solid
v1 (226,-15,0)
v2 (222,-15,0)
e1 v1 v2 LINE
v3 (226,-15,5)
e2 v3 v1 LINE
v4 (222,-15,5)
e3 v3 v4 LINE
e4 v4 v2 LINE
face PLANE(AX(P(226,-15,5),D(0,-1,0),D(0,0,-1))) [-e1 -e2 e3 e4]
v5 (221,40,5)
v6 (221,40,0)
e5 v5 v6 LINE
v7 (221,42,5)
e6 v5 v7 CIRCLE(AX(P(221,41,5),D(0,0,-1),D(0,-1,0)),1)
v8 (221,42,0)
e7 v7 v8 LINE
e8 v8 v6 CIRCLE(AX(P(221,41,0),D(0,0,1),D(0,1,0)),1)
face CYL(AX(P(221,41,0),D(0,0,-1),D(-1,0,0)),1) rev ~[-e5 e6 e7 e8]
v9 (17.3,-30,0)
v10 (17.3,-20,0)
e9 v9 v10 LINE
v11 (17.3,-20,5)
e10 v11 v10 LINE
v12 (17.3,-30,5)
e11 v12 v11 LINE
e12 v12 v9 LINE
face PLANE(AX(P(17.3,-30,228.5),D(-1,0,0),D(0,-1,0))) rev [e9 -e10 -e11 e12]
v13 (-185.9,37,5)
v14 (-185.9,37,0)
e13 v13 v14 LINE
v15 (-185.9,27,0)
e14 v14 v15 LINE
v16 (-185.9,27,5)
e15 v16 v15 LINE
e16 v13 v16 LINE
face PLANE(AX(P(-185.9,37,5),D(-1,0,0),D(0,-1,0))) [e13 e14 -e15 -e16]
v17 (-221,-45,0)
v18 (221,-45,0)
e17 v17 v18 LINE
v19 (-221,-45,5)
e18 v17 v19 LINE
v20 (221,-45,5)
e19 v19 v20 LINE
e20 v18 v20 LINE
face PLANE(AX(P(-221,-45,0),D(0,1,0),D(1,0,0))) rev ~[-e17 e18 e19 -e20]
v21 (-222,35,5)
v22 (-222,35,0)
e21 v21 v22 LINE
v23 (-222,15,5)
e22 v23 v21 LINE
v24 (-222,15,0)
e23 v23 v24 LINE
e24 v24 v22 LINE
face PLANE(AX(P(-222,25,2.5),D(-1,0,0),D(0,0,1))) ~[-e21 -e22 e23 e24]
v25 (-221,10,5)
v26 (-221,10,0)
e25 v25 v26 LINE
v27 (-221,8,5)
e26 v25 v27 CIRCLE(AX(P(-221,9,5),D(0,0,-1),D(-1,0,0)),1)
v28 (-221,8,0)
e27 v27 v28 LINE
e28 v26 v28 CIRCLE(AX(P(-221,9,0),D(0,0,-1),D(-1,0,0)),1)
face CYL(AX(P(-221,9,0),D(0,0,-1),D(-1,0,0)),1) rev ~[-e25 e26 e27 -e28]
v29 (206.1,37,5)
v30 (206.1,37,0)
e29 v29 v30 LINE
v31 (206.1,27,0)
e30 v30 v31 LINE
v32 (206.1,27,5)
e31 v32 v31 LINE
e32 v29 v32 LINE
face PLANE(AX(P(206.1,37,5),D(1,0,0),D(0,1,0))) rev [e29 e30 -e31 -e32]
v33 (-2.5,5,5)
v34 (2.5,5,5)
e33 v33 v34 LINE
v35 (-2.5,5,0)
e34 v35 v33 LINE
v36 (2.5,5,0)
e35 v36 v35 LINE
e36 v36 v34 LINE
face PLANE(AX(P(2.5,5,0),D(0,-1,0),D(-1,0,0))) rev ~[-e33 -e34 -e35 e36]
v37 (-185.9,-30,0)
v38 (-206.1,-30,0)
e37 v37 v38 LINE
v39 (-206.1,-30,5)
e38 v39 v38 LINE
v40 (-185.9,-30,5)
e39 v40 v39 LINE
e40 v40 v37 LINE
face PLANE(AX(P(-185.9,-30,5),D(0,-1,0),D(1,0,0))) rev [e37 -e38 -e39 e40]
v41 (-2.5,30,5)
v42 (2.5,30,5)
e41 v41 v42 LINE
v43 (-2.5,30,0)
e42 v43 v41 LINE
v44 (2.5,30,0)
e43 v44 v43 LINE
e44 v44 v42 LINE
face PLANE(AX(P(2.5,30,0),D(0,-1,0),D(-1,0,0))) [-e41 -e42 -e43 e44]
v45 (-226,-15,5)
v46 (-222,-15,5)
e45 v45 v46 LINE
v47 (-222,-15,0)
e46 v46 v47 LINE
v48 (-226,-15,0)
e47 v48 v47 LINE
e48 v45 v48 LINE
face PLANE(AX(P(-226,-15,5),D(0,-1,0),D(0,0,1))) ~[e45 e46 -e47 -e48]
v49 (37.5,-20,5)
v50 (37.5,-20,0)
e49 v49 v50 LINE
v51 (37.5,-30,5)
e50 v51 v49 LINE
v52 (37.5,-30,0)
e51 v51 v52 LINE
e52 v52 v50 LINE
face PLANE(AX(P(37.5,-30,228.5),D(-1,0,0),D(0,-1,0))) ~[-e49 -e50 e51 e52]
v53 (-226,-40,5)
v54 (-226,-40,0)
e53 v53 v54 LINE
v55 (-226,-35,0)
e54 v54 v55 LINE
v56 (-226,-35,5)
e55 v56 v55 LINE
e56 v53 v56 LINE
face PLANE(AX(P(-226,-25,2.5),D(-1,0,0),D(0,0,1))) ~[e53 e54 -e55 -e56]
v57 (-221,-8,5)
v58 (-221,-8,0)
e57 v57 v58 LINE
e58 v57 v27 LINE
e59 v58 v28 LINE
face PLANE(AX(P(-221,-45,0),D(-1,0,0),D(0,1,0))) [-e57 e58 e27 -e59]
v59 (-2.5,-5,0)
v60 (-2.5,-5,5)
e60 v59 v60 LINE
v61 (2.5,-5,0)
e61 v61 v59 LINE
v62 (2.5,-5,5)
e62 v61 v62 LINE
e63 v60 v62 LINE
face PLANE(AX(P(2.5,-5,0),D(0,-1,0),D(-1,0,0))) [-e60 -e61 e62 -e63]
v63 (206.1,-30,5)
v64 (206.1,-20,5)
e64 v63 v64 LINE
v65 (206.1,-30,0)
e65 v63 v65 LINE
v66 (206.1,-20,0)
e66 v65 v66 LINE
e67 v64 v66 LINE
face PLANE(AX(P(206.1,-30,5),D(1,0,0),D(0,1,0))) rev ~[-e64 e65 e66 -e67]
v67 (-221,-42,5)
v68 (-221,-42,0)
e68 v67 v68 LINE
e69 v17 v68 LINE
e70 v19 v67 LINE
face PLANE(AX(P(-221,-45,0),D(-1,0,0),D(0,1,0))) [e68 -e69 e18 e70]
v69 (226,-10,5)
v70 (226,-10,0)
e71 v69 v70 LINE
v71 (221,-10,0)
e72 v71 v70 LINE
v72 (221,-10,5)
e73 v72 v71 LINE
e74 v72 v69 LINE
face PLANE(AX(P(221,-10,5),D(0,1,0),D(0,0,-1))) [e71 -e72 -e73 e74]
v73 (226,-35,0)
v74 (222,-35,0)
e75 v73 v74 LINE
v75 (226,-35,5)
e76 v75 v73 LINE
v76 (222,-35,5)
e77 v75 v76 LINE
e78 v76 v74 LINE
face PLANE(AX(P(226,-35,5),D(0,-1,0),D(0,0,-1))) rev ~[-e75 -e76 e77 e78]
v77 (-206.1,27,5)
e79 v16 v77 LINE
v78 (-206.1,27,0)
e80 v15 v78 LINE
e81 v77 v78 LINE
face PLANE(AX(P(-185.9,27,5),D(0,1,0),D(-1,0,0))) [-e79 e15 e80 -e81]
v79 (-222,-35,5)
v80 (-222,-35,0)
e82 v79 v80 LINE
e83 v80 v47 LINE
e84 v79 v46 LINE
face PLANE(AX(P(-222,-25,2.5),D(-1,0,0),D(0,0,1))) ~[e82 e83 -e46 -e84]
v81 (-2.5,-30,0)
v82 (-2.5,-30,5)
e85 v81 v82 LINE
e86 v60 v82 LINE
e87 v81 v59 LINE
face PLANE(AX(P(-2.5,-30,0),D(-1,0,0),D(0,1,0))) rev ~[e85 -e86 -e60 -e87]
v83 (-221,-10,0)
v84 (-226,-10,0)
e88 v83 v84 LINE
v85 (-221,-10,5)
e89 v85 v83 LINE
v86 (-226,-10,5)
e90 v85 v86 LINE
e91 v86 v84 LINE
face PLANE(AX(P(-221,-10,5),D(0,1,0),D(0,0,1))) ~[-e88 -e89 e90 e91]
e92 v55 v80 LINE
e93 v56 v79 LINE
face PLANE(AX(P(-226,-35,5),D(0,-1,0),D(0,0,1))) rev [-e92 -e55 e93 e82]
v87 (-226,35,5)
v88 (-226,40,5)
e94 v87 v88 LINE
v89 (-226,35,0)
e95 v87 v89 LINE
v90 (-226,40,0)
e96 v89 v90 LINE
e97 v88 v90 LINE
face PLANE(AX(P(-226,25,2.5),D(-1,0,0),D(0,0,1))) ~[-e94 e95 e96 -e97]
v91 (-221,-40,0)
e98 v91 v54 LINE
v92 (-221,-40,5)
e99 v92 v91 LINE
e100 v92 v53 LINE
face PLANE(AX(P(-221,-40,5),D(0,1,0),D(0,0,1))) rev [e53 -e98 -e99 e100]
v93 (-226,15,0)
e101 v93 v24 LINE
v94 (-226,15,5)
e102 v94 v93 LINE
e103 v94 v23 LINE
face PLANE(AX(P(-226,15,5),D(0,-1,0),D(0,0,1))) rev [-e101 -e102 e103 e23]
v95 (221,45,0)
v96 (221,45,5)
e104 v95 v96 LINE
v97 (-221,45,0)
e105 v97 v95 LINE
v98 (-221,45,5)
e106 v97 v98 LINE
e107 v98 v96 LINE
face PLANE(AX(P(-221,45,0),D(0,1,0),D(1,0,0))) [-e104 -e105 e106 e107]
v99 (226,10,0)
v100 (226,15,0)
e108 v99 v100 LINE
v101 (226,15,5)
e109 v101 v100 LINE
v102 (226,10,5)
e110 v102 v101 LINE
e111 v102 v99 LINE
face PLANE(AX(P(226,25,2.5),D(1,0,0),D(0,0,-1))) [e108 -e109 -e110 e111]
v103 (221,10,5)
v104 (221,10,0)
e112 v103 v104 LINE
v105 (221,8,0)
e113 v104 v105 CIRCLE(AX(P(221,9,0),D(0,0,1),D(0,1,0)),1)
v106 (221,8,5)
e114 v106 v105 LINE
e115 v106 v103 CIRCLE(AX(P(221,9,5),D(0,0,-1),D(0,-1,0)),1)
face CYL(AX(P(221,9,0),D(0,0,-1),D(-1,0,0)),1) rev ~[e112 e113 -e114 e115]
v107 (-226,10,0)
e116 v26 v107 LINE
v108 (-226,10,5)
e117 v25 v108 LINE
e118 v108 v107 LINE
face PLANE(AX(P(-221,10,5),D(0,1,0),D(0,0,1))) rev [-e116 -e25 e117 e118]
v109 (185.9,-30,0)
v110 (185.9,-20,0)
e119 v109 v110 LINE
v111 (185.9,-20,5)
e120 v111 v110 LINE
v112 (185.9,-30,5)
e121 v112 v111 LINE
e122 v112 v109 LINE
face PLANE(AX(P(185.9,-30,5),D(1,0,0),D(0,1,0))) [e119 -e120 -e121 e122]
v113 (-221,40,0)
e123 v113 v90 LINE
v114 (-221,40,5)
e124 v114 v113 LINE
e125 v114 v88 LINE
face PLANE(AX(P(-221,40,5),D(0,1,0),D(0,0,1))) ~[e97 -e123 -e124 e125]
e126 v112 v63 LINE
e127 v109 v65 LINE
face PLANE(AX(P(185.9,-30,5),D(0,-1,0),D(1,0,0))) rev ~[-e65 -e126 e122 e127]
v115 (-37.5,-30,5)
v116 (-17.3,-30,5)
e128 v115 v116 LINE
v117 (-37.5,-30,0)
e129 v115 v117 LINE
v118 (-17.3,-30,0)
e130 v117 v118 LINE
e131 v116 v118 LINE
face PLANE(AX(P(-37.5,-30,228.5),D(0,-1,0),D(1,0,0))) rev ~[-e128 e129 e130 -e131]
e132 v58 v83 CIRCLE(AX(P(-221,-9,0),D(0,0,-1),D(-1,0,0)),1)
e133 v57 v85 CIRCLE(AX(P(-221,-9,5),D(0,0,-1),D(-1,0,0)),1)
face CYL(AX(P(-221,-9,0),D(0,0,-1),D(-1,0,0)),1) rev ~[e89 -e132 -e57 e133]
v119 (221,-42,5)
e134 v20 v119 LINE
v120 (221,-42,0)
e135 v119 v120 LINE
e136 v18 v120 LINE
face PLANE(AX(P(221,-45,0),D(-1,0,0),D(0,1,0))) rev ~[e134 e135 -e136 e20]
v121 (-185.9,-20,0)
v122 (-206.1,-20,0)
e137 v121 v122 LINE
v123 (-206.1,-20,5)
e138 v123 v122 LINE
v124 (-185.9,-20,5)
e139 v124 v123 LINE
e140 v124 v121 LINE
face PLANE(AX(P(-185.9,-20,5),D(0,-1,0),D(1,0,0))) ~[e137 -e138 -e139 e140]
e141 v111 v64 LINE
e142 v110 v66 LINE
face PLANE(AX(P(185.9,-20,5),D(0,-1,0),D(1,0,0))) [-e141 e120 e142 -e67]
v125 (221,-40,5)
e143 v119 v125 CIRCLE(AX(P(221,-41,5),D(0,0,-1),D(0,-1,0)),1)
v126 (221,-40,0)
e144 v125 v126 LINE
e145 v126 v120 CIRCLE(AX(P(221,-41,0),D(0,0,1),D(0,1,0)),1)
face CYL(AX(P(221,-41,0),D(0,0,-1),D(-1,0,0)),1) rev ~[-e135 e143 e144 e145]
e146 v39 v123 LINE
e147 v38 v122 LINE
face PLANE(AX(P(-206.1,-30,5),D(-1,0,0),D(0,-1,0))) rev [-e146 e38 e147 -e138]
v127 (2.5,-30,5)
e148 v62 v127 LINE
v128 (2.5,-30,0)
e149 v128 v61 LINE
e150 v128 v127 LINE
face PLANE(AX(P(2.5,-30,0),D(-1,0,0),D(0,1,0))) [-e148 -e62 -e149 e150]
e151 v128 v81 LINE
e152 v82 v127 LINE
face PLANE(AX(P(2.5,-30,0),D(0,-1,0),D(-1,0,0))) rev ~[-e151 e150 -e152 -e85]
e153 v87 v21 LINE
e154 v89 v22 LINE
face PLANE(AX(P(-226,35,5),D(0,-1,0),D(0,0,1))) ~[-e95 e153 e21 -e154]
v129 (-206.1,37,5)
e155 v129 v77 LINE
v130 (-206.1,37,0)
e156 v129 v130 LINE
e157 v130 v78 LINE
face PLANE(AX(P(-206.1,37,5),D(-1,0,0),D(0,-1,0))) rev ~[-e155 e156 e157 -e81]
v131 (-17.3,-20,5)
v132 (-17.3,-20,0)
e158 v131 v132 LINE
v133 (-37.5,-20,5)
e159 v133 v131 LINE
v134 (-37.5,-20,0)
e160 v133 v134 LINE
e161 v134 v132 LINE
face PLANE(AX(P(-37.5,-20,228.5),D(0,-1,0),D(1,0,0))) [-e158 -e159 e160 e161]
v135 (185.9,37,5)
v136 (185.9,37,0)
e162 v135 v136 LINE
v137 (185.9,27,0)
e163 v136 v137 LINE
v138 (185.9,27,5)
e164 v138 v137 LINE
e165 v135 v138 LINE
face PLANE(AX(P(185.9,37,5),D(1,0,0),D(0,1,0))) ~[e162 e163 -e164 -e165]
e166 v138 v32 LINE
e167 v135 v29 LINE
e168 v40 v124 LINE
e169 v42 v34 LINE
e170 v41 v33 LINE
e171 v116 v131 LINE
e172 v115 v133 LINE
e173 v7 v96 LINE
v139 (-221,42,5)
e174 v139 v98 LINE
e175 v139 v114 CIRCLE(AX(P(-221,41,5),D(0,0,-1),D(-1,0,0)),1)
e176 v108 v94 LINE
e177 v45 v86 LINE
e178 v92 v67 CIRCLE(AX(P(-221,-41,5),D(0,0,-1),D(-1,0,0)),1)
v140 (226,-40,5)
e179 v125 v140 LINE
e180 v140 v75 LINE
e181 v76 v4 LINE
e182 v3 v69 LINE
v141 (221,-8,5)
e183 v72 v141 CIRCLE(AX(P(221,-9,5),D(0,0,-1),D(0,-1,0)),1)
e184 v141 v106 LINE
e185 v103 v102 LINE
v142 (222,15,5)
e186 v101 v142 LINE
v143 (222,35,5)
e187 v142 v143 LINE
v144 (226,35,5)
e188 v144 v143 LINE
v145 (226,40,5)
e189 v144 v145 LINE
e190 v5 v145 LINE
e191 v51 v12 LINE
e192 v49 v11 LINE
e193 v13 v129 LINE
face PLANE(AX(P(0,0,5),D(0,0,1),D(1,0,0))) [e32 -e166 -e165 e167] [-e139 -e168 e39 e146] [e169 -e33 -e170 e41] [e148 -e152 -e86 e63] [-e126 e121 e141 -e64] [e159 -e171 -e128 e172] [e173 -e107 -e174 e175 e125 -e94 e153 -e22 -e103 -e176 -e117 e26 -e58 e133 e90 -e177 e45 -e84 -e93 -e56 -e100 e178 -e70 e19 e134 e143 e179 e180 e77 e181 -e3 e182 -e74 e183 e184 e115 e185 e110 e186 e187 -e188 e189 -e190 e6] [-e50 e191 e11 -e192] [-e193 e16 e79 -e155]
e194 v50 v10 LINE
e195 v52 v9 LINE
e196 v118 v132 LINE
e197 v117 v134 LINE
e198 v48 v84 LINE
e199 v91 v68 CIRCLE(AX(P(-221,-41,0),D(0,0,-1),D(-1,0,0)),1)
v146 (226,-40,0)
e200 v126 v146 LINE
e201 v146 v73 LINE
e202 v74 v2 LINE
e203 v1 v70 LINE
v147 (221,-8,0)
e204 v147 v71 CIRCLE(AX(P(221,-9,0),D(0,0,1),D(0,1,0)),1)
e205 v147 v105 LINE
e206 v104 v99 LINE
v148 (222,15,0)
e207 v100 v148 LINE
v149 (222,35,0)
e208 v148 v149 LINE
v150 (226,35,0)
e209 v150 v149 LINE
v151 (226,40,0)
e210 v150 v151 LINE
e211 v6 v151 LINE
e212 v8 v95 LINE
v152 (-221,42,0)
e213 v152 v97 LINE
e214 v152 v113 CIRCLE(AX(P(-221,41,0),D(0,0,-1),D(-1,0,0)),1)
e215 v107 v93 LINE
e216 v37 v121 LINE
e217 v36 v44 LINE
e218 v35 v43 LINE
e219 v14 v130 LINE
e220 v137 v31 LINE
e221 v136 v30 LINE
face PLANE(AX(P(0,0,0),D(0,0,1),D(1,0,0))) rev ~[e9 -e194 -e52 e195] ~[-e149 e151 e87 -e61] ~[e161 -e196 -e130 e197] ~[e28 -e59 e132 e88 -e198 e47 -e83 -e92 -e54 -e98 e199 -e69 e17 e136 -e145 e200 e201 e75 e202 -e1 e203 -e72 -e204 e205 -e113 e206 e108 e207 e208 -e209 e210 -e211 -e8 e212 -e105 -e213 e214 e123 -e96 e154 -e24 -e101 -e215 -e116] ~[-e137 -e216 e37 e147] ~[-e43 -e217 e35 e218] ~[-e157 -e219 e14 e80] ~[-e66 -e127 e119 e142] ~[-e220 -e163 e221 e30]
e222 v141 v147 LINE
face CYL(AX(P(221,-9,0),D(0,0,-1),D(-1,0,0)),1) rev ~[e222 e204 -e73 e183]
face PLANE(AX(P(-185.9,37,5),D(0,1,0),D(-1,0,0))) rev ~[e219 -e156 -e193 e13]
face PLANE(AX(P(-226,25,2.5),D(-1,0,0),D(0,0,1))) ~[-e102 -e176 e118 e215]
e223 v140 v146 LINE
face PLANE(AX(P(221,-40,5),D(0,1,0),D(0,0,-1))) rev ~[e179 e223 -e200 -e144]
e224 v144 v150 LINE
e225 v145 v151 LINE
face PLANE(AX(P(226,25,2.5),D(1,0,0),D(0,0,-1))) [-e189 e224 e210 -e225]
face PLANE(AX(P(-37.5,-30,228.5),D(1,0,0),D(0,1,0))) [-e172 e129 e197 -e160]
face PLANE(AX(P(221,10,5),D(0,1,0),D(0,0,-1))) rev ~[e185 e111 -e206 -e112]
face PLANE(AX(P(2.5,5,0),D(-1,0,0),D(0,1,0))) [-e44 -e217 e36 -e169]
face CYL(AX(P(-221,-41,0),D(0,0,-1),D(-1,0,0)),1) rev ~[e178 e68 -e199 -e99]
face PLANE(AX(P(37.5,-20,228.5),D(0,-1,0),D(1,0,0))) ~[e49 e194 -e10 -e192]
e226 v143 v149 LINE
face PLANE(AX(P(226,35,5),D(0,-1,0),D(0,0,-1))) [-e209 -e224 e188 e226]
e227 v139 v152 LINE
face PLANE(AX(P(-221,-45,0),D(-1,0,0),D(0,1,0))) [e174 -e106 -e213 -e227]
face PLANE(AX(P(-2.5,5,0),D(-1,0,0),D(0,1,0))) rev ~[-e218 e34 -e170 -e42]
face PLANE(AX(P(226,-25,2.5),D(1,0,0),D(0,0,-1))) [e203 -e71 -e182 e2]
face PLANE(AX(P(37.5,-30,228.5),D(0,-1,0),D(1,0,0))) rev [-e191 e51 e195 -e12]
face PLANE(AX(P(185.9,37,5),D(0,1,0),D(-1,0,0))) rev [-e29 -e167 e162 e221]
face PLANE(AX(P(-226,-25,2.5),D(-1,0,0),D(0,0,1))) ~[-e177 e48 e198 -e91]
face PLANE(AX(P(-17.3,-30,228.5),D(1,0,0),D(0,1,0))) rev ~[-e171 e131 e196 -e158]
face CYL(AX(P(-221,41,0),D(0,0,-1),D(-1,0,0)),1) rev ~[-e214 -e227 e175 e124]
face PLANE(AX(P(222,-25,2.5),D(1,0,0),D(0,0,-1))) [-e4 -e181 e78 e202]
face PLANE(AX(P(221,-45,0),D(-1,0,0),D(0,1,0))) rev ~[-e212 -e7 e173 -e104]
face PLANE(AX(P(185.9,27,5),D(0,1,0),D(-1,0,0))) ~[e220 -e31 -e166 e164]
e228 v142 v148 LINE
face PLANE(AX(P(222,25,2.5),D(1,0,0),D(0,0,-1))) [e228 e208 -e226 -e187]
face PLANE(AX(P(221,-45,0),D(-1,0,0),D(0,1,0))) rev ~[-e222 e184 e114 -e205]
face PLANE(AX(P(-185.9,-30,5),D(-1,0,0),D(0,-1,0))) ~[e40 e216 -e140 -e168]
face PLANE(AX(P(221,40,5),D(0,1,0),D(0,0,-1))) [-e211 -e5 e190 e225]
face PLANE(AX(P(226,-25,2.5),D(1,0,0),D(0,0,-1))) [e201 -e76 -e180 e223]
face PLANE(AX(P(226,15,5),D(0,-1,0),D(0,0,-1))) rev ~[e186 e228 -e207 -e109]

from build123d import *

# Parameters (mm, degrees)
SKETCH1_W               = 442
SKETCH1_H               = 90
BOSS_EXTRUDE1_DEPTH     = 5
SKETCH3_W               = 5
SKETCH3_H               = 25
CUT_EXTRUDE2_DEPTH      = 226.590336672
SKETCH5_W               = 5
SKETCH5_H               = 30
BOSS_EXTRUDE2_DEPTH     = 5
SKETCH6_W               = 5
SKETCH6_H               = 20
CUT_EXTRUDE4_DEPTH      = 4
SKETCH7_R               = 1
CUT_EXTRUDE5_DEPTH      = 231.490780727
SKETCH8_W               = 20.2
SKETCH8_H               = 10
CUT_EXTRUDE6_DEPTH      = 10
SKETCH9_W               = 20.2
SKETCH9_H               = 10
CUT_EXTRUDE7_DEPTH      = 300
MIRROR4_COPY_1_SKETCH_W = 20.2
MIRROR4_COPY_1_SKETCH_H = 10
MIRROR4_COPY_1_DEPTH    = 10


with BuildPart() as part:
    # Sketch1 → Boss-Extrude1 (new body)
    with BuildSketch(Plane.XY):
        Rectangle(SKETCH1_W, SKETCH1_H)
    extrude(amount=BOSS_EXTRUDE1_DEPTH)

    # Sketch3 → Cut-Extrude2 (cut, through all)
    with BuildSketch(Plane(origin=(0, 0, 0), x_dir=(-1, 0, 0), z_dir=(0, 0, -1))):
        with Locations((0, 17.5)):
            Rectangle(SKETCH3_W, SKETCH3_H)
        with Locations((0, -17.5)):
            Rectangle(SKETCH3_W, SKETCH3_H)
    extrude(amount=-CUT_EXTRUDE2_DEPTH, mode=Mode.SUBTRACT)

    # Sketch5 → Boss-Extrude2 (add)
    with BuildSketch(Plane(origin=(221, 0, 0), x_dir=(0, 0, -1), z_dir=(1, 0, 0))):
        with Locations((-2.5, 25)):
            Rectangle(SKETCH5_W, SKETCH5_H)
        with Locations((-2.5, -25)):
            Rectangle(SKETCH5_W, SKETCH5_H)
    boss_extrude2 = extrude(amount=BOSS_EXTRUDE2_DEPTH)

    # Sketch6 → Cut-Extrude4 (cut)
    with BuildSketch(Plane(origin=(226, 0, 0), x_dir=(0, 0, -1), z_dir=(1, 0, 0))):
        with Locations((-2.5, 25)):
            Rectangle(SKETCH6_W, SKETCH6_H)
        with Locations((-2.5, -25)):
            Rectangle(SKETCH6_W, SKETCH6_H)
    cut_extrude4 = extrude(amount=-CUT_EXTRUDE4_DEPTH, mode=Mode.SUBTRACT)

    # Mirror1: Boss-Extrude2, Cut-Extrude4 across plane
    add(boss_extrude2.mirror(Plane(origin=(0, 0, 0), x_dir=(0, 0, 1), z_dir=(1, 0, 0))))
    add(cut_extrude4.mirror(Plane(origin=(0, 0, 0), x_dir=(0, 0, 1), z_dir=(1, 0, 0))), mode=Mode.SUBTRACT)

    # Sketch7 → Cut-Extrude5 (cut, through all)
    with BuildSketch(Plane(origin=(0, 0, 0), x_dir=(-1, 0, 0), z_dir=(0, 0, -1))):
        with Locations((-221, 9)):
            Circle(SKETCH7_R)
        with Locations((-221, -9)):
            Circle(SKETCH7_R)
        with Locations((-221, -41)):
            Circle(SKETCH7_R)
        with Locations((221, -41)):
            Circle(SKETCH7_R)
        with Locations((221, -9)):
            Circle(SKETCH7_R)
        with Locations((221, 9)):
            Circle(SKETCH7_R)
        with Locations((-221, 41)):
            Circle(SKETCH7_R)
        with Locations((221, 41)):
            Circle(SKETCH7_R)
    extrude(amount=-CUT_EXTRUDE5_DEPTH, mode=Mode.SUBTRACT)

    # Sketch8 → Cut-Extrude6 (cut)
    with BuildSketch(Plane(origin=(102.718818309, -610.456150304, 5), x_dir=(1, 0, 0), z_dir=(0, 0, 1))):
        with Locations((93.281181691, 585.456150304)):
            Rectangle(SKETCH8_W, SKETCH8_H)
    cut_extrude6 = extrude(amount=-CUT_EXTRUDE6_DEPTH, mode=Mode.SUBTRACT)

    # Mirror2: Cut-Extrude6 across plane
    add(cut_extrude6.mirror(Plane(origin=(0, 0, 0), x_dir=(0, 0, 1), z_dir=(1, 0, 0))), mode=Mode.SUBTRACT)

    # Sketch9 → Cut-Extrude7 (cut)
    with BuildSketch(Plane(origin=(102.718818309, -610.456150304, 228.5), x_dir=(1, 0, 0), z_dir=(0, 0, 1))):
        with Locations((-130.118818309, 585.456150304)):
            Rectangle(SKETCH9_W, SKETCH9_H)
    cut_extrude7 = extrude(amount=-CUT_EXTRUDE7_DEPTH, mode=Mode.SUBTRACT)

    # Mirror3: Cut-Extrude7 across plane
    add(cut_extrude7.mirror(Plane(origin=(0, 0, 0), x_dir=(0, 0, 1), z_dir=(1, 0, 0))), mode=Mode.SUBTRACT)

    # Mirror4: Cut-Extrude6 across plane
    add(cut_extrude6.mirror(Plane.ZX.offset(3.5)), mode=Mode.SUBTRACT)

    # Mirror4 copy 1 sketch → Mirror4 copy 1 (cut)
    with BuildSketch(Plane(origin=(-102.718818309, 617.456150304, 5), x_dir=(-1, 0, 0), z_dir=(0, 0, 1))):
        with Locations((93.281181691, 585.456150304)):
            Rectangle(MIRROR4_COPY_1_SKETCH_W, MIRROR4_COPY_1_SKETCH_H)
    extrude(amount=-MIRROR4_COPY_1_DEPTH, mode=Mode.SUBTRACT)


solid = part.part
